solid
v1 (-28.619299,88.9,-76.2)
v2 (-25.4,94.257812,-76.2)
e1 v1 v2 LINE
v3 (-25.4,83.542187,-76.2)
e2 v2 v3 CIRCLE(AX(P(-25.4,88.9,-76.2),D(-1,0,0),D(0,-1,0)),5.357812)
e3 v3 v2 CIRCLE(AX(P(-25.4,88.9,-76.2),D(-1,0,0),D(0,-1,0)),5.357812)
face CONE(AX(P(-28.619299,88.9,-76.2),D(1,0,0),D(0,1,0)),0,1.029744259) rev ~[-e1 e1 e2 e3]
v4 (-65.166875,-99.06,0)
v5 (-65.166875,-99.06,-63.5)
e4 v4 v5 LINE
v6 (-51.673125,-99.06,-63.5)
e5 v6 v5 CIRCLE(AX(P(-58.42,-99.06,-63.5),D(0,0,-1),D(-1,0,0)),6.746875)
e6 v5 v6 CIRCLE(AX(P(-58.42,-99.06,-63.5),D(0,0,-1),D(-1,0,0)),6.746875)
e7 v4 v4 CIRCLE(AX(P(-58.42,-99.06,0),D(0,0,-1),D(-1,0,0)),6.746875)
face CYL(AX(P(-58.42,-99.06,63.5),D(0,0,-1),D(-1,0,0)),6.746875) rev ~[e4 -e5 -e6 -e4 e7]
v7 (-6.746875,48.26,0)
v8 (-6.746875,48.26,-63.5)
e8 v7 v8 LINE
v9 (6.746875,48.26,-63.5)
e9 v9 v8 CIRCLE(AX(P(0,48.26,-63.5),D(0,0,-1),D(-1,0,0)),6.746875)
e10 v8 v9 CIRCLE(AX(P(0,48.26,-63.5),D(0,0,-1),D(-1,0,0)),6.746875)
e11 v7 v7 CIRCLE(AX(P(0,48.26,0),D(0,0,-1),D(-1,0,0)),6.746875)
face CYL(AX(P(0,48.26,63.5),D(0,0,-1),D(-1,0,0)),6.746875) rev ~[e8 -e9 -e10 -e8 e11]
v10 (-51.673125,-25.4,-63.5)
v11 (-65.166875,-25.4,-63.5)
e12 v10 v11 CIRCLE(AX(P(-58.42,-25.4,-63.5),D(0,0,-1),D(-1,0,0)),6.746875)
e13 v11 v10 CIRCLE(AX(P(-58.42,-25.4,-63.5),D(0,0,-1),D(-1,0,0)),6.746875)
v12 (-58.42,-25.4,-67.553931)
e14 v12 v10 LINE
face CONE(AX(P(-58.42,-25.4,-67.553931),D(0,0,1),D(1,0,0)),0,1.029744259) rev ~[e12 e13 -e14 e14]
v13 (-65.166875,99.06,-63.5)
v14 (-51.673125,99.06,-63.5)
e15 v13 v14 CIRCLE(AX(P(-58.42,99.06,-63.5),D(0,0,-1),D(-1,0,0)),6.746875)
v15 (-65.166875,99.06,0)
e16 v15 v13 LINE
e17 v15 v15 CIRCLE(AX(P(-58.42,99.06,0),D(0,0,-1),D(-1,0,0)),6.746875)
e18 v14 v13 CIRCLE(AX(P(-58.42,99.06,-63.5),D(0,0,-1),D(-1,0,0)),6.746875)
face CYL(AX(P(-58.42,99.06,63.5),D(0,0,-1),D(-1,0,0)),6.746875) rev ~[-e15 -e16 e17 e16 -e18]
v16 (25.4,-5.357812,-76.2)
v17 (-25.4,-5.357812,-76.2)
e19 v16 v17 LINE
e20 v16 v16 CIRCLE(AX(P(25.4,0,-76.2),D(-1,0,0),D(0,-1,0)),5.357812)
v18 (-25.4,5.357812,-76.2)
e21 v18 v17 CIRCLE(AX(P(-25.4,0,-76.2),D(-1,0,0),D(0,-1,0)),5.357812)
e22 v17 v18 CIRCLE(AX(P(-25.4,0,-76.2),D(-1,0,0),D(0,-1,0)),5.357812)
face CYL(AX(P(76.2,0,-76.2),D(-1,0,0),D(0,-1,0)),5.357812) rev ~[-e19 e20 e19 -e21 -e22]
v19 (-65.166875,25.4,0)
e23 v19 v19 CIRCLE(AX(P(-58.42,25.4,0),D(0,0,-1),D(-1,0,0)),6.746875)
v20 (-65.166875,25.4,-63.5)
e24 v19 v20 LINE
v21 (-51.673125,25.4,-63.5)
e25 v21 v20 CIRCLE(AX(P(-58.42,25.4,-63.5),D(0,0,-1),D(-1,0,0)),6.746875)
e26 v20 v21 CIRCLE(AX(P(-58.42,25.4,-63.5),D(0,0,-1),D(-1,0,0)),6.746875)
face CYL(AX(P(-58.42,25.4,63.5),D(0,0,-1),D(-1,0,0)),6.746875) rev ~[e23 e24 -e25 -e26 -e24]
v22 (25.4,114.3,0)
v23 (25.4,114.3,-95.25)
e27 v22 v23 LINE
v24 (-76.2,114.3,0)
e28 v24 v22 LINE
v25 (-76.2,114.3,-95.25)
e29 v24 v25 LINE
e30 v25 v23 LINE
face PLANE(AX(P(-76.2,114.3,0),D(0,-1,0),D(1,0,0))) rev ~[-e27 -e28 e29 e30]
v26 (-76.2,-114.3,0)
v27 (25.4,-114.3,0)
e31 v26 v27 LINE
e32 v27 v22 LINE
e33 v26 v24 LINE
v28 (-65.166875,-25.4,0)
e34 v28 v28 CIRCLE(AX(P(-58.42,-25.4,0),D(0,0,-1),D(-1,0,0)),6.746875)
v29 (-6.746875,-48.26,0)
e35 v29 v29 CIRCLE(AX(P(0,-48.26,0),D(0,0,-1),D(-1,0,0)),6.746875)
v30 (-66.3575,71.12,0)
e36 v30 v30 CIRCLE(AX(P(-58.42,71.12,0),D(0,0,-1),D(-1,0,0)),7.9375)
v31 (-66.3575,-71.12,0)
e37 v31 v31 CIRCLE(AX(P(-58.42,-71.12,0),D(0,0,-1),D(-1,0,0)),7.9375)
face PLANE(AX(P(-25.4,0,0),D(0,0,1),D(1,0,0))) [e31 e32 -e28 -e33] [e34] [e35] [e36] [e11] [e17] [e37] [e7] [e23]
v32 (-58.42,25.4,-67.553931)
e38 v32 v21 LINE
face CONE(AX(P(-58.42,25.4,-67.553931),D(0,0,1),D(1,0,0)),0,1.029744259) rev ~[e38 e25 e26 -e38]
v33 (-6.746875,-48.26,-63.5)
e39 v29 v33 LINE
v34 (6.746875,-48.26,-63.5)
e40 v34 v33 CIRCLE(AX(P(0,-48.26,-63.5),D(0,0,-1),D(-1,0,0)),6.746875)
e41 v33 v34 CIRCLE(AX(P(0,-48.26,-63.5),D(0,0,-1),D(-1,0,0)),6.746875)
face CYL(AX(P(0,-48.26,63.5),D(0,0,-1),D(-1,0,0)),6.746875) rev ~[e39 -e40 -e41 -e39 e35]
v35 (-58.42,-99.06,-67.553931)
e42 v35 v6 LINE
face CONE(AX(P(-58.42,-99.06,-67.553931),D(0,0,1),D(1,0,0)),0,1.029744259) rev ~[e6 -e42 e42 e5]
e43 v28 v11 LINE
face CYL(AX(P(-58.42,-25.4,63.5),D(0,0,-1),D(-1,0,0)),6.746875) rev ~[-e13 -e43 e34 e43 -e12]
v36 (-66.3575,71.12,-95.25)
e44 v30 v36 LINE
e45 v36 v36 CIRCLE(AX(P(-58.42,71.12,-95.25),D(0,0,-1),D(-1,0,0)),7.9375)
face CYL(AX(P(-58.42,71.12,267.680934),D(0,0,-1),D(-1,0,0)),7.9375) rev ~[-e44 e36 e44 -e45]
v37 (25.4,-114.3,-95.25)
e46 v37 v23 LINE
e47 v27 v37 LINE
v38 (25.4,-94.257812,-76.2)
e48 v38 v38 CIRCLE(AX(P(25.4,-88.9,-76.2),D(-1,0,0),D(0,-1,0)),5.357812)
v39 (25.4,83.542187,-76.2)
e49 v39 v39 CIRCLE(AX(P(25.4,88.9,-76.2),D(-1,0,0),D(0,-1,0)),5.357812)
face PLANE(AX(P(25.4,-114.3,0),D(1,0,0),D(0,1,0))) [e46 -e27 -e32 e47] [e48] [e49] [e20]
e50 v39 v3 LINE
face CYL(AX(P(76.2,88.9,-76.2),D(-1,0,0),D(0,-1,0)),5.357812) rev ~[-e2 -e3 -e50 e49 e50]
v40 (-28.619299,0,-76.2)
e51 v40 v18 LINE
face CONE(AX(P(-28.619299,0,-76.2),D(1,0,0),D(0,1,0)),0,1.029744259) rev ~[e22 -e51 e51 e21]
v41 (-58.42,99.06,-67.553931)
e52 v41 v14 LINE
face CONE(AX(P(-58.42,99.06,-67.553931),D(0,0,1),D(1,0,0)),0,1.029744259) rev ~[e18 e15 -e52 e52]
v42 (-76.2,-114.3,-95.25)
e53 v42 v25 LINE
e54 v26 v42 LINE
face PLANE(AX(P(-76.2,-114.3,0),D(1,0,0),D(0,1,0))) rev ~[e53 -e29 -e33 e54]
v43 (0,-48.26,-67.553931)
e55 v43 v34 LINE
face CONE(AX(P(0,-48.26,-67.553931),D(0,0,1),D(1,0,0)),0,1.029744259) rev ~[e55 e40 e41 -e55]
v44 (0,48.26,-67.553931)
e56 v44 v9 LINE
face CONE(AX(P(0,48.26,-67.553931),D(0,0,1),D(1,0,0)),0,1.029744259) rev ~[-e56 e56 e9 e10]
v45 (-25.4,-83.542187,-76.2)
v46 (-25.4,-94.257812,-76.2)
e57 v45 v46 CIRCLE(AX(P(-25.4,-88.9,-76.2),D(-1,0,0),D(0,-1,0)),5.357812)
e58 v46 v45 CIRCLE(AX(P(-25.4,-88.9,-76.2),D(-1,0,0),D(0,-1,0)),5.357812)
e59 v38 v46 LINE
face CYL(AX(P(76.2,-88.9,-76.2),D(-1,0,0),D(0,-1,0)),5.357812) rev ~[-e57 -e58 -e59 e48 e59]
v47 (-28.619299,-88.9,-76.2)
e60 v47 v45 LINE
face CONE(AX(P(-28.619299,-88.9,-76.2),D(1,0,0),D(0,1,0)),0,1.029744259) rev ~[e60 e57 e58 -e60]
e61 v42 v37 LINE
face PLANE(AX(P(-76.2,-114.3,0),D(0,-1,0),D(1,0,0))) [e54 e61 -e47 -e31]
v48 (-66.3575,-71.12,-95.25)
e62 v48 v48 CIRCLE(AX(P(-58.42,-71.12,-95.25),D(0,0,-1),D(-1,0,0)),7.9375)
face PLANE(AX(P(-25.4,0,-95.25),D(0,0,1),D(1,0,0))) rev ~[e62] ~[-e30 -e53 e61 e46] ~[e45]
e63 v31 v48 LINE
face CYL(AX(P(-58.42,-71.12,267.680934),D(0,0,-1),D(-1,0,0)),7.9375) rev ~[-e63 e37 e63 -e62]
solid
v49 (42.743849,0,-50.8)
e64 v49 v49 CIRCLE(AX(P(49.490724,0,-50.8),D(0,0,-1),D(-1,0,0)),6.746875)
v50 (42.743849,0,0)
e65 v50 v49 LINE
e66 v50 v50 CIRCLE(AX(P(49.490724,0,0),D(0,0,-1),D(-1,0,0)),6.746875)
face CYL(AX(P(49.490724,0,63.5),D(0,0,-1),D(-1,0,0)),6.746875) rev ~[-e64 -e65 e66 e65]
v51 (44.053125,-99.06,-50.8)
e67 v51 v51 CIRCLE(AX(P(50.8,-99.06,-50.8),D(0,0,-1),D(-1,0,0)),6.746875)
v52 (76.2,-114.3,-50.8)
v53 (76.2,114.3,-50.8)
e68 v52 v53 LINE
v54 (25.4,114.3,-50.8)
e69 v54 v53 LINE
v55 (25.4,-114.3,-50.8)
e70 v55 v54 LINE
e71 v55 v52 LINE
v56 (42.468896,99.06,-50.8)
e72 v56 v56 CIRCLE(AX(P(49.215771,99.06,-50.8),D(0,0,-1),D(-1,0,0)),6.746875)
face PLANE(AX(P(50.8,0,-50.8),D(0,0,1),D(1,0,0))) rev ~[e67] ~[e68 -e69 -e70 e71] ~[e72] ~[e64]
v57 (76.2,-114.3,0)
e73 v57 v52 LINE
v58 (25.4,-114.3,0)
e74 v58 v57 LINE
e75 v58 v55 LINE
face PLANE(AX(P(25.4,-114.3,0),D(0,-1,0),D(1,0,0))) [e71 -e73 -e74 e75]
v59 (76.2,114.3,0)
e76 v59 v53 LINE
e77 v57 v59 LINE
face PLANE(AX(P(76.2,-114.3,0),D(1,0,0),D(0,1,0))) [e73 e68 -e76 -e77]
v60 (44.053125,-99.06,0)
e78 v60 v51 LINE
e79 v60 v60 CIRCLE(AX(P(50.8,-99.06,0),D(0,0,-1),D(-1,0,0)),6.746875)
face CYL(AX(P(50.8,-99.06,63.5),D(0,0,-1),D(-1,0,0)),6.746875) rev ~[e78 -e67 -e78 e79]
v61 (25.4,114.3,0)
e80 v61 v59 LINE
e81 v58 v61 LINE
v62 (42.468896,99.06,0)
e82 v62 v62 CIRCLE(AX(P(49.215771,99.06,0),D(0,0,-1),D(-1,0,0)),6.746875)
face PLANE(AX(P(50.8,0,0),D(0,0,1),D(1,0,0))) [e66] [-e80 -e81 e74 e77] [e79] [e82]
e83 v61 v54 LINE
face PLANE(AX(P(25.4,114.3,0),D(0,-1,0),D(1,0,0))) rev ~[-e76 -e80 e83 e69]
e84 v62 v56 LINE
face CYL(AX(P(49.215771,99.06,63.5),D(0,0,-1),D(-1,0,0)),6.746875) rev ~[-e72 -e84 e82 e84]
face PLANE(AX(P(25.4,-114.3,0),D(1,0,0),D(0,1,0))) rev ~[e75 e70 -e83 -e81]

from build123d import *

# Parameters (mm, degrees)
F0_W     = 101.6
F0_H     = 228.6
F1_DEPTH = 95.25
F0_W_2   = 50.8
F2_DEPTH = 50.8
F4_D     = 13.49375
F4_DEPTH = 63.5
F4_TIP   = 4.053931489
F5_D     = 13.49375
F5_DEPTH = 63.5
F5_TIP   = 4.053931489
F6_D     = 15.875
F8_D     = 10.715625
F8_DEPTH = 50.8
F8_TIP   = 3.2192985354


with BuildPart() as f1:
    # F0 (on Top) → F1 (new body)
    with BuildSketch(Plane.XY):
        with Locations((-25.4, 0)):
            Rectangle(F0_W, F0_H)
    extrude(amount=-F1_DEPTH)

    # F4
    with Locations(Plane.XY):
        with Locations((-58.42, 99.06), (-58.42, 25.4), (-58.42, -25.4), (-58.42, -99.06), (50.8, -99.06), (49.4907237589, 0), (49.2157712579, 99.06), (0, 48.26), (0, -48.26)):
            Hole(F4_D / 2, depth=F4_DEPTH)
            with Locations((0, 0, -(F4_DEPTH + F4_TIP / 2))):  # 118° drill point
                Cone(0, F4_D / 2, F4_TIP, mode=Mode.SUBTRACT)

    # F6 (through all)
    with Locations(Plane.XY):
        with Locations((-58.42, 71.12), (-58.42, -71.12)):
            Hole(F6_D / 2)

    # F8
    with Locations(Plane.YZ.offset(25.4)):
        with Locations((-88.9, -76.2), (0, -76.2), (88.9, -76.2)):
            Hole(F8_D / 2, depth=F8_DEPTH)
            with Locations((0, 0, -(F8_DEPTH + F8_TIP / 2))):  # 118° drill point
                Cone(0, F8_D / 2, F8_TIP, mode=Mode.SUBTRACT)


with BuildPart() as f2:
    # F0 (on Top) → F2 (new body)
    with BuildSketch(Plane.XY):
        with Locations((50.8, 0)):
            Rectangle(F0_W_2, F0_H)
    extrude(amount=-F2_DEPTH)

    # F5
    with Locations(Plane.XY):
        with Locations((49.2157712579, 99.06), (49.4907237589, 0), (50.8, -99.06)):
            Hole(F5_D / 2, depth=F5_DEPTH)
            with Locations((0, 0, -(F5_DEPTH + F5_TIP / 2))):  # 118° drill point
                Cone(0, F5_D / 2, F5_TIP, mode=Mode.SUBTRACT)


solid = Compound([f1.part, f2.part])
